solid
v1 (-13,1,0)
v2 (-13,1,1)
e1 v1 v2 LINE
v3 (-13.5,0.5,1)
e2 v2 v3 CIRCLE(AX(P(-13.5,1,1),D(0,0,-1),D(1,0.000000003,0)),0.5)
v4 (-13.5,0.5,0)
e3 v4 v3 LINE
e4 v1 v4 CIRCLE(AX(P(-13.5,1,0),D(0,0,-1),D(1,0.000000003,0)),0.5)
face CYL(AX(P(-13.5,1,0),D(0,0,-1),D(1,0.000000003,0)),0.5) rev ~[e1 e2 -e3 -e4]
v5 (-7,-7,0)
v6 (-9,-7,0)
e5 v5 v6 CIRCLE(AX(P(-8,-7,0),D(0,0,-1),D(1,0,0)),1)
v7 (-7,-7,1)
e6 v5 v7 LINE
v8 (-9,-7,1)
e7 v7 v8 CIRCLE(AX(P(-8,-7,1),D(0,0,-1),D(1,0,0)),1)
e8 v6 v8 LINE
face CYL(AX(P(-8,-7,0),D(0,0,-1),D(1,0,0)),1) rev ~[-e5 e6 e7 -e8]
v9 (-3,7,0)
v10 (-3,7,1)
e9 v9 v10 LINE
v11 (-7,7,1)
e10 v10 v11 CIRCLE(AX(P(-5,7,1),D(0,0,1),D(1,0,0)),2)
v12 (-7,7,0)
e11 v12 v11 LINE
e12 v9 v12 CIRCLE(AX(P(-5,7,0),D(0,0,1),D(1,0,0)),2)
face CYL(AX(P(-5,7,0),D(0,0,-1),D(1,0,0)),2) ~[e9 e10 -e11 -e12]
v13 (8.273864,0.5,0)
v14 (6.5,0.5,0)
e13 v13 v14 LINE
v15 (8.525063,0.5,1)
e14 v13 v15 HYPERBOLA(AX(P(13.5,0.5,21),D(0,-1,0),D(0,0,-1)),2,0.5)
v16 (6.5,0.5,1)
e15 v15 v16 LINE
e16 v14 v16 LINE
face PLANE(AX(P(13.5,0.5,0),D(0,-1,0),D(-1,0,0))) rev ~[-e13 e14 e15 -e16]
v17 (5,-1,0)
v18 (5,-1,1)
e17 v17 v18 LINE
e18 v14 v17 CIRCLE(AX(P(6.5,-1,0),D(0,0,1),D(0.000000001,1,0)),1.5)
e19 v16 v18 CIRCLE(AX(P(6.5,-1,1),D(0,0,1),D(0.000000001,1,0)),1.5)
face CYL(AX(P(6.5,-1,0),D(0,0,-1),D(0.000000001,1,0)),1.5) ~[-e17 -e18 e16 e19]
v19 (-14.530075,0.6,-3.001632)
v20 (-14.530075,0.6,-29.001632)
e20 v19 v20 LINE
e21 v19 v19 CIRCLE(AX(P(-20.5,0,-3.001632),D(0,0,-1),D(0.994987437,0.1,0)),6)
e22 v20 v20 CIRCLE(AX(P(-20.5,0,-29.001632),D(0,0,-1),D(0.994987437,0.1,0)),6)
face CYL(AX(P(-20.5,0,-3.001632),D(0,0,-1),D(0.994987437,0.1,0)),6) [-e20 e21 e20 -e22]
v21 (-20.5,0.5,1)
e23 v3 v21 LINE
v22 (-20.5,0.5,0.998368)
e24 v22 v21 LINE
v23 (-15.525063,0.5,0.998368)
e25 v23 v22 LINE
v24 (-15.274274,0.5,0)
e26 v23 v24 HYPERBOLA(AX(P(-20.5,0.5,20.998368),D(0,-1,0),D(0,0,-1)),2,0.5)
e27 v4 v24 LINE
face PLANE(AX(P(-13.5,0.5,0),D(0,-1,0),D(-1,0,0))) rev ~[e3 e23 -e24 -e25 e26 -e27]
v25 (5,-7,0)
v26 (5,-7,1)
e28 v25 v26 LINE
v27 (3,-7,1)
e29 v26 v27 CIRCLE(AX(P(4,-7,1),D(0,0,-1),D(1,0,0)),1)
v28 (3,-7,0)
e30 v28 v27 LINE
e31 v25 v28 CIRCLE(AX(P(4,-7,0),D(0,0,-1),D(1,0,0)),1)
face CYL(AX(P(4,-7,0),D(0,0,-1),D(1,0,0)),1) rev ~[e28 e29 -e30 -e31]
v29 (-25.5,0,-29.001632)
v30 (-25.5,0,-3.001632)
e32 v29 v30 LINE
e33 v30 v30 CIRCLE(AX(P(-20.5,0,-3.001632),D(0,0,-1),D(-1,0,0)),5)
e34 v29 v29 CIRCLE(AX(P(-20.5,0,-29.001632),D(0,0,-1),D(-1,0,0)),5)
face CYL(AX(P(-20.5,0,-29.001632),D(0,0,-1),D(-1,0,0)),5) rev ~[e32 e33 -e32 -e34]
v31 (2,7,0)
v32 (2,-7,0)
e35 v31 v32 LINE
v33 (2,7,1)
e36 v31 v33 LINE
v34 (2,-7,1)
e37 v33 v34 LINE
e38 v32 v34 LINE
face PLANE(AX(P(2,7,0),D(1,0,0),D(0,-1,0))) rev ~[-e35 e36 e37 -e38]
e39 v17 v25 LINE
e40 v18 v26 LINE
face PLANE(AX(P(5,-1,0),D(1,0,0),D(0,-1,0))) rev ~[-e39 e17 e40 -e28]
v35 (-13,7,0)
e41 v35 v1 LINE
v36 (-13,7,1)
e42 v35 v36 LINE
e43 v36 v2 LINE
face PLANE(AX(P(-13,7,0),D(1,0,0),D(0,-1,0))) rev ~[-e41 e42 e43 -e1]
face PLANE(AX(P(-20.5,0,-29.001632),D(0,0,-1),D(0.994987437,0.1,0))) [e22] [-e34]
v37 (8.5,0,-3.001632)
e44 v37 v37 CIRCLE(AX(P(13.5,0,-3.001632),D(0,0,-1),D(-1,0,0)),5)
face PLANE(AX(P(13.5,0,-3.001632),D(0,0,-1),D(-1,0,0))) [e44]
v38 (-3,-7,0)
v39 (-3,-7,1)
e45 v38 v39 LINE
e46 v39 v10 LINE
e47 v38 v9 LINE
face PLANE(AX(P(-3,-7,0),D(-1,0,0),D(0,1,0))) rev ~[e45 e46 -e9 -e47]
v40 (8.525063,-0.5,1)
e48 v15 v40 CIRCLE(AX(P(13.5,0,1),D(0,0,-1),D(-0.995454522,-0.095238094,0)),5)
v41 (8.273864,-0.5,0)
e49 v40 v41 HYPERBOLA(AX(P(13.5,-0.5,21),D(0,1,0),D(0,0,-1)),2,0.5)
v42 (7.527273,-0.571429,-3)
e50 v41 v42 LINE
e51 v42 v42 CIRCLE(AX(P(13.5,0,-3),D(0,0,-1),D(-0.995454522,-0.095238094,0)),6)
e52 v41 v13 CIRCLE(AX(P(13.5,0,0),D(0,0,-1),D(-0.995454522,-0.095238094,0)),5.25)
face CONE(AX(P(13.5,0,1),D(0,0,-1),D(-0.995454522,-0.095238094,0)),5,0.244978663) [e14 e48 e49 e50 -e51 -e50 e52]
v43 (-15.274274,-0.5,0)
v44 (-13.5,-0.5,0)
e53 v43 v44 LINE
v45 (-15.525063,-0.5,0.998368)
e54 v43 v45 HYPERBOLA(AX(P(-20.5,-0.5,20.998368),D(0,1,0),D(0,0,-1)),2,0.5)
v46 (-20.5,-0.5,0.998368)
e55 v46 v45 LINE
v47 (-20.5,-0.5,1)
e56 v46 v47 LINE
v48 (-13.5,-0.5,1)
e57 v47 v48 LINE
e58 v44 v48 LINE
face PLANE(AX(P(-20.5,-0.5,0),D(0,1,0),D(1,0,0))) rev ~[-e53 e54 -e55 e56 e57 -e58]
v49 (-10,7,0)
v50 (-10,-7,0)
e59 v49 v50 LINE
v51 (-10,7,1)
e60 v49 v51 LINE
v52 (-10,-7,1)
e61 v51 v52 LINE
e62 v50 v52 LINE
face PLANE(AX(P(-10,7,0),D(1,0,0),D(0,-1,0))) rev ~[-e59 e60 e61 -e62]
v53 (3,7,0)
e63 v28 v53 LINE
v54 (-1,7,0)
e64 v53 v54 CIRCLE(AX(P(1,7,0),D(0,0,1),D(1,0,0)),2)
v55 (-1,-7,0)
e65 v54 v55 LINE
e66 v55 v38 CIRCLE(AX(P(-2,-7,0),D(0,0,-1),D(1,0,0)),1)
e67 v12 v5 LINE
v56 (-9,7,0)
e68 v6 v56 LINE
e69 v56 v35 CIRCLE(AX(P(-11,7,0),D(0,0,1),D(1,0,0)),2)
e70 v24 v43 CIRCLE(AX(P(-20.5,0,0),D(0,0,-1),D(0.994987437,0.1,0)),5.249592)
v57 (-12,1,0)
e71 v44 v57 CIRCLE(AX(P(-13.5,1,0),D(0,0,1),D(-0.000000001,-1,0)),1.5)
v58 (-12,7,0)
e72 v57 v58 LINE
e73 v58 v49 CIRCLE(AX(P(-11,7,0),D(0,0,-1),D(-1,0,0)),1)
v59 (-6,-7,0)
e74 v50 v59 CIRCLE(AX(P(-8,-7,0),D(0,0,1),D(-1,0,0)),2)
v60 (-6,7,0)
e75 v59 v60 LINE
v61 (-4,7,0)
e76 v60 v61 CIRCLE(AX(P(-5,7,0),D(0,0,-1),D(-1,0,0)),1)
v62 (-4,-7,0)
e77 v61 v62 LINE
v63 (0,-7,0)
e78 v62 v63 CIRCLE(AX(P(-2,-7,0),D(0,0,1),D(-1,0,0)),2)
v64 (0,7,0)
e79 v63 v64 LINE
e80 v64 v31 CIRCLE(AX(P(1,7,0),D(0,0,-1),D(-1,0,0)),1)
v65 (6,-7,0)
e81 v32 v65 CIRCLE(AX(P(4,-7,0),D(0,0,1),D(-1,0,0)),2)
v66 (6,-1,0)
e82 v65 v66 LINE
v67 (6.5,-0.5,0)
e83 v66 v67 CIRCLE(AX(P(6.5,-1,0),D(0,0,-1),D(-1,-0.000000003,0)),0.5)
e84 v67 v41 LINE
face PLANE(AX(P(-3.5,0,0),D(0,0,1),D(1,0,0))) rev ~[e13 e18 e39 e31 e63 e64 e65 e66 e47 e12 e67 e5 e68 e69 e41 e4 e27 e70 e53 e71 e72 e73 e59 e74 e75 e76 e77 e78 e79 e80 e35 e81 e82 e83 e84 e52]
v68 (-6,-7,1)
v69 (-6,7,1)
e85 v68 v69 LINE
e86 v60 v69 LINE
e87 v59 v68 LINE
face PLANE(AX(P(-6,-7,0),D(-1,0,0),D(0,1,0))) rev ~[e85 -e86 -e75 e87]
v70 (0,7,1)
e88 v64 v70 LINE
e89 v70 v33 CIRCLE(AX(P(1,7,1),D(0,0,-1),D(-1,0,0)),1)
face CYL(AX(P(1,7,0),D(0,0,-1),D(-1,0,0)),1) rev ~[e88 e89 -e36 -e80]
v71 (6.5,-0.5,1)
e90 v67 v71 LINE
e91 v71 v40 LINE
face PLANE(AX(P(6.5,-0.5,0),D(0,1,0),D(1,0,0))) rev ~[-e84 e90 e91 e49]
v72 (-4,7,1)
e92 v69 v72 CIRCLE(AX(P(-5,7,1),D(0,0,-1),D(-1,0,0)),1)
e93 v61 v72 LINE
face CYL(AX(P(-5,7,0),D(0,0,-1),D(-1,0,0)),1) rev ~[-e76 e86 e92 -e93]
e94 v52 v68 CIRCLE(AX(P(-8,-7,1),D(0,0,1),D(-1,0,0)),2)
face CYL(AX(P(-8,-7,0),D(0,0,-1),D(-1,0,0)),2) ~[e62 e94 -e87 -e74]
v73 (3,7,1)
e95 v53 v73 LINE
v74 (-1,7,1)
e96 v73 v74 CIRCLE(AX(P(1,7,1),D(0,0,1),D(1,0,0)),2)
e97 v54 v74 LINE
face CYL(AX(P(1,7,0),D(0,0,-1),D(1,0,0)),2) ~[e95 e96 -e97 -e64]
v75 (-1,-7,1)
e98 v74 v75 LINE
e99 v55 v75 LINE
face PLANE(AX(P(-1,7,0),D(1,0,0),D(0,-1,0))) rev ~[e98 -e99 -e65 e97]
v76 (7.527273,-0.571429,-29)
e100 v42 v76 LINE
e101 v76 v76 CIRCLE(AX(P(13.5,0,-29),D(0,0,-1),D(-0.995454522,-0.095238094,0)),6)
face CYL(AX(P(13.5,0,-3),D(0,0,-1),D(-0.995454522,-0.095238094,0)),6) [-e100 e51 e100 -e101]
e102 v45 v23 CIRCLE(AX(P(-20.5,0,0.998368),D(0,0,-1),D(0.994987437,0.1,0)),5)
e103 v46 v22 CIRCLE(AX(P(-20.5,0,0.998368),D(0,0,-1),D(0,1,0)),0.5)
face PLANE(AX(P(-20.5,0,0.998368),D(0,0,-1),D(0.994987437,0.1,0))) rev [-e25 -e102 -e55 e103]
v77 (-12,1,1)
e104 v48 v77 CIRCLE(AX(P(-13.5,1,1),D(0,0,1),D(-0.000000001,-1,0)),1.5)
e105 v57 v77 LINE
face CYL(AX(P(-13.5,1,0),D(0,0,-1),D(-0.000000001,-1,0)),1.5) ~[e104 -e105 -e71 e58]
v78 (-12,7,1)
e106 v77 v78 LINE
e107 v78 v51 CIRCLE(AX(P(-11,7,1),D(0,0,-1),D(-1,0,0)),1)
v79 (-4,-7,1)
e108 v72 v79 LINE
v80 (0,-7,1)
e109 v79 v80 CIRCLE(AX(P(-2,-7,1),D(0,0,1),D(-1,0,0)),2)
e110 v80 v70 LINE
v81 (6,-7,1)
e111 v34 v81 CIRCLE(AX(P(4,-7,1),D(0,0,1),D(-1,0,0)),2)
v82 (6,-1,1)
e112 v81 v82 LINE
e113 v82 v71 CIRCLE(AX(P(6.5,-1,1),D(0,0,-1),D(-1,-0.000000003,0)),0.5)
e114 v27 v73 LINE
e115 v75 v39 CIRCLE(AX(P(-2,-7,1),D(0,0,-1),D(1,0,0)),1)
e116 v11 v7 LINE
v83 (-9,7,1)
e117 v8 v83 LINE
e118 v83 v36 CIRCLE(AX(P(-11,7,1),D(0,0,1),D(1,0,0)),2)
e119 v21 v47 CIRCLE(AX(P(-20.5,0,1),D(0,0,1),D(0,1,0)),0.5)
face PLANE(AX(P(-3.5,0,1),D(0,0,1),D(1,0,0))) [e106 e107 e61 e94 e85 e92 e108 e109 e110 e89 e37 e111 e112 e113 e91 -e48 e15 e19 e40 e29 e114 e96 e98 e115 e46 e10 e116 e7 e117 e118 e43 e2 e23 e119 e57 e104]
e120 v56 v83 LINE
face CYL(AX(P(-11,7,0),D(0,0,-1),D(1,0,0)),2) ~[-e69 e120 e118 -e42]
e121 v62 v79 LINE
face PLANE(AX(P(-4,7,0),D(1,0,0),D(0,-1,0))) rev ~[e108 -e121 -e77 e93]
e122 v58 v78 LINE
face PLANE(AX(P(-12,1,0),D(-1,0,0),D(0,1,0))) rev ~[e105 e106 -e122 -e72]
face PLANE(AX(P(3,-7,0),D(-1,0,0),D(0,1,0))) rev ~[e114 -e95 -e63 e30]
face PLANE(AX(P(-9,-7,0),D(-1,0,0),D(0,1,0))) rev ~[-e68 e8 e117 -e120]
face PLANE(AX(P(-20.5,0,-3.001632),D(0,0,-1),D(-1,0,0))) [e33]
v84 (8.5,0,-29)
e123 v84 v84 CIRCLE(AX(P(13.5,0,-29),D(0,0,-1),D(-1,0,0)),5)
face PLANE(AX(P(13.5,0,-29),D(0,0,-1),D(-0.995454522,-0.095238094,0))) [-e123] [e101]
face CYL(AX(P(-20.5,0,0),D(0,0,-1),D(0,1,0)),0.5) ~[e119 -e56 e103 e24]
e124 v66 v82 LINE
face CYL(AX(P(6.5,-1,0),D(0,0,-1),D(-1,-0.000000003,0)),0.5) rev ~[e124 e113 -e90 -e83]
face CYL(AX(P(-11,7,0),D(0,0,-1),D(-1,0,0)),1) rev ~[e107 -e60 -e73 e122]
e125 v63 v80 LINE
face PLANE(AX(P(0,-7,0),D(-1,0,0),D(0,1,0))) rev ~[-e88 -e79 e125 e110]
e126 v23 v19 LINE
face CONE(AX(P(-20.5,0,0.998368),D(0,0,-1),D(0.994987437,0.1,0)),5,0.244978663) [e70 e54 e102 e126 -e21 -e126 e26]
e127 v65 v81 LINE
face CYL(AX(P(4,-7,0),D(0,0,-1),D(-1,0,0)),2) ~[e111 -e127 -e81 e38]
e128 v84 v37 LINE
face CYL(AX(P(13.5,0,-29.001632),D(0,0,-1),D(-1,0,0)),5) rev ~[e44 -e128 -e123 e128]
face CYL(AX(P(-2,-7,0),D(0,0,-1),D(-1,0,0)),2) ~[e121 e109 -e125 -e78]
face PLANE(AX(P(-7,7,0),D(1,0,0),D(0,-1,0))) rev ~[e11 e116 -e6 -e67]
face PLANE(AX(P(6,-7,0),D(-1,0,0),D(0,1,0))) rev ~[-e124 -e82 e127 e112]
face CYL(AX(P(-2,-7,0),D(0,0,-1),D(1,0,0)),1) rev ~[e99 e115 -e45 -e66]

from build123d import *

# Parameters (mm, degrees)
BOSS_EXTRUDE1_DEPTH = 1
SKETCH5_R           = 5
CUT_EXTRUDE1_DEPTH  = 26


with BuildPart() as part:
    # Sketch2 → Boss-Extrude1 (new body)
    with BuildSketch(Plane.XY):
        with BuildLine():
            Line((-20.5, -0.5), (-13.5, -0.5))
            ThreePointArc((-13.5, -0.5), (-12.439339828, -0.060660172), (-12, 1))
            Line((-12, 1), (-12, 7))
            ThreePointArc((-12, 7), (-11, 8), (-10, 7))
            Line((-10, 7), (-10, 0))
            Line((-10, 0), (-10, -7))
            ThreePointArc((-10, -7), (-8, -9), (-6, -7))
            Line((-6, -7), (-6, 0))
            Line((-6, 0), (-6, 7))
            ThreePointArc((-6, 7), (-5, 8), (-4, 7))
            Line((-4, 7), (-4, 0))
            Line((-4, 0), (-4, -7))
            ThreePointArc((-4, -7), (-2, -9), (0, -7))
            Line((0, -7), (0, 0))
            Line((0, 0), (0, 7))
            ThreePointArc((0, 7), (1, 8), (2, 7))
            Line((2, 7), (2, 0))
            Line((2, 0), (2, -7))
            ThreePointArc((2, -7), (4, -9), (6, -7))
            Line((6, -7), (6, -1))
            ThreePointArc((6, -1), (6.146446609, -0.646446609), (6.5, -0.5))
            Line((6.5, -0.5), (13.5, -0.5))
            ThreePointArc((13.5, -0.5), (14, 0), (13.5, 0.5))
            Line((13.5, 0.5), (6.5, 0.5))
            ThreePointArc((6.5, 0.5), (5.439339828, 0.060660172), (5, -1))
            Line((5, -1), (5, -7))
            ThreePointArc((5, -7), (4, -8), (3, -7))
            Line((3, -7), (3, 0))
            Line((3, 0), (3, 7))
            ThreePointArc((3, 7), (1, 9), (-1, 7))
            Line((-1, 7), (-1, 0))
            Line((-1, 0), (-1, -7))
            ThreePointArc((-1, -7), (-2, -8), (-3, -7))
            Line((-3, -7), (-3, 0))
            Line((-3, 0), (-3, 7))
            ThreePointArc((-3, 7), (-5, 9), (-7, 7))
            Line((-7, 7), (-7, 0))
            Line((-7, 0), (-7, -7))
            ThreePointArc((-7, -7), (-8, -8), (-9, -7))
            Line((-9, -7), (-9, 0))
            Line((-9, 0), (-9, 7))
            ThreePointArc((-9, 7), (-11, 9), (-13, 7))
            Line((-13, 7), (-13, 1))
            ThreePointArc((-13, 1), (-13.146446609, 0.646446609), (-13.5, 0.5))
            Line((-13.5, 0.5), (-20.5, 0.5))
            ThreePointArc((-20.5, 0.5), (-21, 0), (-20.5, -0.5))
        make_face()
    extrude(amount=BOSS_EXTRUDE1_DEPTH)

    # Sketch3 → Revolve1 (revolve)
    with BuildSketch(Plane(origin=(0, 0, 0), x_dir=(1, 0, 0), z_dir=(0, 1, 0)), mode=Mode.PRIVATE) as revolve1_sk:
        Polygon((-20.5, -0.998367727), (-25.5, -0.998367727), (-26.5, 3.001632273), (-26.5, 29.001632273), (-20.5, 29.001632273), align=None)
    revolve(revolve1_sk.sketch.rotate(Axis((-20.5, 0, 0.998367727), (0, 0, -1)), 174.260829523), axis=Axis((-20.5, 0, 0.998367727), (0, 0, -1)))

    # Sketch4 → Revolve2 (revolve)
    with BuildSketch(Plane(origin=(0, 0, 0), x_dir=(1, 0, 0), z_dir=(0, 1, 0)), mode=Mode.PRIVATE) as revolve2_sk:
        Polygon((13.5, -1), (18.5, -1), (19.5, 3), (19.5, 29), (13.5, 29), align=None)
    revolve(revolve2_sk.sketch.rotate(Axis((13.5, 0, 1), (0, 0, -1)), 174.534976284), axis=Axis((13.5, 0, 1), (0, 0, -1)))

    # Sketch5 → Cut-Extrude1 (cut)
    with BuildSketch(Plane(origin=(0, 0, -29.001632273), x_dir=(-1, 0, 0), z_dir=(0, 0, -1))):
        with Locations((20.5, 0)):
            Circle(SKETCH5_R)
        with Locations((-13.5, 0)):
            Circle(SKETCH5_R)
    extrude(amount=-CUT_EXTRUDE1_DEPTH, mode=Mode.SUBTRACT)


solid = part.part
